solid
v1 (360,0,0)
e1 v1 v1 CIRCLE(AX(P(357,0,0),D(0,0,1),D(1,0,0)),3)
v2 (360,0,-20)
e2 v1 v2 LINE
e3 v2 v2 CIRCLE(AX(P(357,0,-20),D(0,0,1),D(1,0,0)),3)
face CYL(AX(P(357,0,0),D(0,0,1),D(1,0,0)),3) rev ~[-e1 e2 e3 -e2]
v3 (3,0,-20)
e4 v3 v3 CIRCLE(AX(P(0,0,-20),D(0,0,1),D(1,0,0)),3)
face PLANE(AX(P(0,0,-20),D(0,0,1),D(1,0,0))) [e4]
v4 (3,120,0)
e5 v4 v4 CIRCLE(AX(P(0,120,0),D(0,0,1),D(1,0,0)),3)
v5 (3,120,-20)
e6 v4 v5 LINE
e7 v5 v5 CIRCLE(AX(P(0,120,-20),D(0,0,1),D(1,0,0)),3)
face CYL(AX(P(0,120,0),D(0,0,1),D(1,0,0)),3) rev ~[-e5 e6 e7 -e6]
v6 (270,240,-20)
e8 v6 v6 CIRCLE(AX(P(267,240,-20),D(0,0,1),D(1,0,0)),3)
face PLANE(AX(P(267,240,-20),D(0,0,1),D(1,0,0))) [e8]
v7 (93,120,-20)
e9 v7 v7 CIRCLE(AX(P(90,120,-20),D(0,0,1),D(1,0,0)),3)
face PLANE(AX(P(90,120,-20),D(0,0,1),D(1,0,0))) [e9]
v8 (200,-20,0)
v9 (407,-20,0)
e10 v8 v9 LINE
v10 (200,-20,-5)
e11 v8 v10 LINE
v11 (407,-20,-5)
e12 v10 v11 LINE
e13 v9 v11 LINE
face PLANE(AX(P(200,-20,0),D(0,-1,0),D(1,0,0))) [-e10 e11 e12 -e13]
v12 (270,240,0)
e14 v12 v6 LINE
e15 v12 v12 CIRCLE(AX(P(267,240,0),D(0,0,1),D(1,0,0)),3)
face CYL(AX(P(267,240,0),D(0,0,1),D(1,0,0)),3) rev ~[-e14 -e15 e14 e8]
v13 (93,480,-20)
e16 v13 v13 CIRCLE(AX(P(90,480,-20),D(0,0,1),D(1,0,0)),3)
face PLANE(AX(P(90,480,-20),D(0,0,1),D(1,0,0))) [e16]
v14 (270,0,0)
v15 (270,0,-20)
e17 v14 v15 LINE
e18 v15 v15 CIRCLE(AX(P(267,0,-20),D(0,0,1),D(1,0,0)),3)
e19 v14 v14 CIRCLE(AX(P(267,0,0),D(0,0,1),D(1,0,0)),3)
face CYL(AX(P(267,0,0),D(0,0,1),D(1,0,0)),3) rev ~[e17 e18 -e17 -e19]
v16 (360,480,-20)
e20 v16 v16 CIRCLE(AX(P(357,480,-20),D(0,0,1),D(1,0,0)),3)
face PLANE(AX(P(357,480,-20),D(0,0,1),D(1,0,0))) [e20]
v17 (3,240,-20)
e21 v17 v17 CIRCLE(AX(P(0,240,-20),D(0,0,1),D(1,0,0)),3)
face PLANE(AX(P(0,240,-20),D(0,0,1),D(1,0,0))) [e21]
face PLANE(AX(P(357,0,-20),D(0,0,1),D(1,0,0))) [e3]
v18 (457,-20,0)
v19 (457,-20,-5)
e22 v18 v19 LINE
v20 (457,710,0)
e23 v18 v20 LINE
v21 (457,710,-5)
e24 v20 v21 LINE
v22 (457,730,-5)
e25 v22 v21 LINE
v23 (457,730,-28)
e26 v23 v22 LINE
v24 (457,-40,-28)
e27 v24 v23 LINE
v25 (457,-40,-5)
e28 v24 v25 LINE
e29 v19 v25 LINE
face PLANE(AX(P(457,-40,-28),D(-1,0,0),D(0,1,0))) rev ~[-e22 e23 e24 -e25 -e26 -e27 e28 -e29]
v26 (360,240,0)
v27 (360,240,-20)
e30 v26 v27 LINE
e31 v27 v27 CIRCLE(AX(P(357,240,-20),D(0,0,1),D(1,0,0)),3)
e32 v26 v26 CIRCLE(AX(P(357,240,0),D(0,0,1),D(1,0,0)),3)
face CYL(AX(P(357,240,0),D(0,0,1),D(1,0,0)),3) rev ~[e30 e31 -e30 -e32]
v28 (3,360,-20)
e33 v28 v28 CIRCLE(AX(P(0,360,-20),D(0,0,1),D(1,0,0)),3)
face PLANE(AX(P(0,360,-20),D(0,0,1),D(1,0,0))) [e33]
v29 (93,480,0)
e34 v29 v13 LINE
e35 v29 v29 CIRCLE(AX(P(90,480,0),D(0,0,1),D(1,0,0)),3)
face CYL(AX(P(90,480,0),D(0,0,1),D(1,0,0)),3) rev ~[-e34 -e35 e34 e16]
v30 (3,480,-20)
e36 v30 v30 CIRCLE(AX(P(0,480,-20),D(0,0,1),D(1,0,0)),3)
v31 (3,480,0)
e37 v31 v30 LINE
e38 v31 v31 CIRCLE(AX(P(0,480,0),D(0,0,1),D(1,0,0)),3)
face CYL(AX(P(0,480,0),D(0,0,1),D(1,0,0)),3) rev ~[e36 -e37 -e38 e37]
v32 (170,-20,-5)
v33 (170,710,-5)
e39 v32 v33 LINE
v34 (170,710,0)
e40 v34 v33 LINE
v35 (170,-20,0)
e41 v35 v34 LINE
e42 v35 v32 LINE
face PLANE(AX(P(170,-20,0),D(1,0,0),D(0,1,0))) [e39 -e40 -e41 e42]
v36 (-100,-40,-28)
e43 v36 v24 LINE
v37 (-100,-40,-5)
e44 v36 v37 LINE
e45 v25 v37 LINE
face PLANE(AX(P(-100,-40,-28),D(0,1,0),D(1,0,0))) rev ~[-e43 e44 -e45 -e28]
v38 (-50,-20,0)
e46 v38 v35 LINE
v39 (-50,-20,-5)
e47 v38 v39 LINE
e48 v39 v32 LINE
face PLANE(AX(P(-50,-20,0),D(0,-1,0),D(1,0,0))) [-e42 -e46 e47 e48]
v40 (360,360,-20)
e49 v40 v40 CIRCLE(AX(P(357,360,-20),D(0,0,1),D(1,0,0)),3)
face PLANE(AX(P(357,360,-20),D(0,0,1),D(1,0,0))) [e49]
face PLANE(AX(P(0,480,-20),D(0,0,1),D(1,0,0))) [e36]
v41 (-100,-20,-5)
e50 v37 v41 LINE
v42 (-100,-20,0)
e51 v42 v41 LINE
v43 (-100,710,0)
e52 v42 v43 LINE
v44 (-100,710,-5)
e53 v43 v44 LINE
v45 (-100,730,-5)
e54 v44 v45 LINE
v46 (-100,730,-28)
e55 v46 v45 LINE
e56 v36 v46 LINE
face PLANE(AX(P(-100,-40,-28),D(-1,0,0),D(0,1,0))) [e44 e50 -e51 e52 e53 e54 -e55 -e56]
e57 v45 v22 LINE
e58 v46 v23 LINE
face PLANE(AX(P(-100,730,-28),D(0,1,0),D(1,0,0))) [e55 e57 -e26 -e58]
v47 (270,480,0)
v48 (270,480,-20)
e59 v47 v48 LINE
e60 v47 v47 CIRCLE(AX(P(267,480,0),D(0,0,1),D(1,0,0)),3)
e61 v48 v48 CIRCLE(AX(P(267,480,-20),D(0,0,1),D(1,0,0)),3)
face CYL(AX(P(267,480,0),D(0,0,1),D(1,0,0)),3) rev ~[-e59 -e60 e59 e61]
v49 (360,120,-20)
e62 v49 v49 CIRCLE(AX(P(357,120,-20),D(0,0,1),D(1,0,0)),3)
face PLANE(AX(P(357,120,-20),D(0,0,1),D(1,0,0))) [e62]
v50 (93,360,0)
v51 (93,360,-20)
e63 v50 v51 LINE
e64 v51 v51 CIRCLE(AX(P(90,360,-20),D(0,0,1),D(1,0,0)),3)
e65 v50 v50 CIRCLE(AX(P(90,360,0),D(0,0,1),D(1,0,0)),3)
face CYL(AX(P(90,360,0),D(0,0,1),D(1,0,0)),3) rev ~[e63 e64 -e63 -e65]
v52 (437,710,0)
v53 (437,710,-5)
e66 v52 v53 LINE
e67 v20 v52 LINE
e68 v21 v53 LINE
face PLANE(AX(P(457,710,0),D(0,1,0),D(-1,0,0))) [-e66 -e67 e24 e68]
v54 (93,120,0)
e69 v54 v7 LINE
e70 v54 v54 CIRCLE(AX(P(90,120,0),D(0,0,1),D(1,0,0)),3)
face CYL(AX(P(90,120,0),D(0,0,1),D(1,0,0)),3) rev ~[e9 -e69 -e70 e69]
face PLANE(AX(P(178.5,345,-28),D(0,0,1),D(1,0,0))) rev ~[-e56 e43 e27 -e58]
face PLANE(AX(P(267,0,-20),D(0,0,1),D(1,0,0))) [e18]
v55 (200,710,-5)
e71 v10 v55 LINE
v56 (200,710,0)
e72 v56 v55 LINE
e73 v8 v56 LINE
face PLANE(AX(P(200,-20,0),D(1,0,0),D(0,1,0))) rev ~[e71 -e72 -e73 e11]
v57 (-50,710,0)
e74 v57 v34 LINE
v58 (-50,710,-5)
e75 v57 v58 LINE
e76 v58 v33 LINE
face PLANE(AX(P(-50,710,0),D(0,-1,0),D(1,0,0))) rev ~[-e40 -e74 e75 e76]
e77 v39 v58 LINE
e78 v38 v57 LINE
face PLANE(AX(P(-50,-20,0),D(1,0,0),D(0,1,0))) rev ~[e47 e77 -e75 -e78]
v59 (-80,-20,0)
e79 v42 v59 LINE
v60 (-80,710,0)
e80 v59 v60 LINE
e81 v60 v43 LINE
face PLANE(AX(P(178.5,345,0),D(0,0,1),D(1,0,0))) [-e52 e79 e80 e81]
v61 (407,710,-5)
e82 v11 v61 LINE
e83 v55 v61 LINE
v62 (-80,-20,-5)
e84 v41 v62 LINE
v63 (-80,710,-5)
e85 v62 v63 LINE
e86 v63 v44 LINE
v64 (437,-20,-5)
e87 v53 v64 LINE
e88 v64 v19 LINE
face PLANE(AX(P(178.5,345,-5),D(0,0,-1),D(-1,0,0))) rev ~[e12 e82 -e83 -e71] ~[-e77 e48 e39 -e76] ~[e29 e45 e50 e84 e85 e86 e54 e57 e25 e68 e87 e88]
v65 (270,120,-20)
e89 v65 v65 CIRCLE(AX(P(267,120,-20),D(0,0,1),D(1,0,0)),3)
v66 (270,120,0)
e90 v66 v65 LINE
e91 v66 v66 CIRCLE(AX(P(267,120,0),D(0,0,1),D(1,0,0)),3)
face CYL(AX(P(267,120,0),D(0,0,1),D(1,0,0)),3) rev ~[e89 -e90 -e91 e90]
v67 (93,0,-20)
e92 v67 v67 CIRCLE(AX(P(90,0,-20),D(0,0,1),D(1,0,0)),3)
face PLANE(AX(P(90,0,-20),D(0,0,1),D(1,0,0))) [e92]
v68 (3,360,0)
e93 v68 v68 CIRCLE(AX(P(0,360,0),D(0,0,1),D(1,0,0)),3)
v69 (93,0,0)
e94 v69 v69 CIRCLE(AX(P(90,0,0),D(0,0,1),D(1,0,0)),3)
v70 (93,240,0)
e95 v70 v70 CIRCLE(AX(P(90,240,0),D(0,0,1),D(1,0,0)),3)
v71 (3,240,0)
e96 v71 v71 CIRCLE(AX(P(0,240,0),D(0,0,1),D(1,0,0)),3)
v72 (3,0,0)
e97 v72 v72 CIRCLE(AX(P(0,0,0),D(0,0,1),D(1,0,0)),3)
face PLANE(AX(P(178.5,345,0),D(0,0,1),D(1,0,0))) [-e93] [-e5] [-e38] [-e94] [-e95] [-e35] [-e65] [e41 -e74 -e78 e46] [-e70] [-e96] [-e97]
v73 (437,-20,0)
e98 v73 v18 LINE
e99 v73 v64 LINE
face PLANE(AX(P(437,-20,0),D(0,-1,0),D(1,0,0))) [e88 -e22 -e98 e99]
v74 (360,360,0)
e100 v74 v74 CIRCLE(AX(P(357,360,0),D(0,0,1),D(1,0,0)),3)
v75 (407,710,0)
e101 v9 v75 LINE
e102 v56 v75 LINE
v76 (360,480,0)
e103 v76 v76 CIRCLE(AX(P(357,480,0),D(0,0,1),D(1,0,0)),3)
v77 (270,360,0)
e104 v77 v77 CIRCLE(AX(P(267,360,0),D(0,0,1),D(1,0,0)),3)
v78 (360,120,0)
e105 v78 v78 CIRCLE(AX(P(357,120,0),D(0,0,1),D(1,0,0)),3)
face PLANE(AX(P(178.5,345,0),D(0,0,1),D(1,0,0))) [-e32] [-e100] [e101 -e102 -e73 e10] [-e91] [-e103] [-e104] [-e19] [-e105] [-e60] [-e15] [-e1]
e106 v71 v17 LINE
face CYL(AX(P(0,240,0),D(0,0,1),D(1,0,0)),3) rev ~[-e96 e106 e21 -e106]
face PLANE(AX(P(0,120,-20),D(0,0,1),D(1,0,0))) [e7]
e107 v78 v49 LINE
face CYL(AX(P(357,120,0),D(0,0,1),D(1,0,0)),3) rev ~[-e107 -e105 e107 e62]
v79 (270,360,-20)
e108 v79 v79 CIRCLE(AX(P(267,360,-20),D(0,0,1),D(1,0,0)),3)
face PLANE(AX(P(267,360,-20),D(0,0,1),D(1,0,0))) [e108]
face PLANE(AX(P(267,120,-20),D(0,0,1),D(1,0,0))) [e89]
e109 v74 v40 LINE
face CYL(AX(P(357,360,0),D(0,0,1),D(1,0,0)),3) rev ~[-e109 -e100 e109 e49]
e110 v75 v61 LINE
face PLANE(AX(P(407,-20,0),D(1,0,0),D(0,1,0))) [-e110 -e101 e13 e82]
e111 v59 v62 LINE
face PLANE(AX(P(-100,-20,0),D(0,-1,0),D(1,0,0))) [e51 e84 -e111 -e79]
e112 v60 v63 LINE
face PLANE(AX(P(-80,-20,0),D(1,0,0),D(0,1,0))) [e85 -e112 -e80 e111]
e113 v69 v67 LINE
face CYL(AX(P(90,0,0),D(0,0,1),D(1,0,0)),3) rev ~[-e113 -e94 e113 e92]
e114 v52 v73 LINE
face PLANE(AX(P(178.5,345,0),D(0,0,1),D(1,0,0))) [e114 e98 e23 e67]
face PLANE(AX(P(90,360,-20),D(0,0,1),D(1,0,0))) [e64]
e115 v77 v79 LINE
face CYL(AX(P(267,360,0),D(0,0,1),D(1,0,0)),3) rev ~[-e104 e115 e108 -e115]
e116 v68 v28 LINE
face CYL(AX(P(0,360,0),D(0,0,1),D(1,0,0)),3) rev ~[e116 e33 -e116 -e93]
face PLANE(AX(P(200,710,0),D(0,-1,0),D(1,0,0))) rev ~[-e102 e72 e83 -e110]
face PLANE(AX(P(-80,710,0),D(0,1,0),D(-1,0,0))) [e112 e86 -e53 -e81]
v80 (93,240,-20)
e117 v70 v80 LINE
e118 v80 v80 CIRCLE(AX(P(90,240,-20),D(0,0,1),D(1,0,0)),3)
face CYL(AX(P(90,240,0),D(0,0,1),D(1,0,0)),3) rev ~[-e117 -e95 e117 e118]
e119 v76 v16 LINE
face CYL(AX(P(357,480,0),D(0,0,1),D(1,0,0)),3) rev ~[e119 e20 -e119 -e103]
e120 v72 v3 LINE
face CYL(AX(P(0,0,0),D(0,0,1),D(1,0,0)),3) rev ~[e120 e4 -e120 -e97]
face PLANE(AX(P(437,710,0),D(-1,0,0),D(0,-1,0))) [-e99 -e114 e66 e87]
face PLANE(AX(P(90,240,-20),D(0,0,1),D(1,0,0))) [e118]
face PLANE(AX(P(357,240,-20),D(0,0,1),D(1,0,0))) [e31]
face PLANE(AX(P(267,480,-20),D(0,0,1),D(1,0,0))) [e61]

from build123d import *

# Parameters (mm, degrees)
SKETCH_W        = 557
SKETCH_H        = 770
PAD_DEPTH       = 28
SKETCH001_W     = 220
SKETCH001_H     = 730
SKETCH001_W_2   = 207
POCKET_DEPTH    = 5
SKETCH002_R     = 3
POCKET001_DEPTH = 20


with BuildPart() as part:
    # Sketch → Pad (new body)
    with BuildSketch(Plane.XY):
        with Locations((278.5, 385)):
            Rectangle(SKETCH_W, SKETCH_H)
    extrude(amount=PAD_DEPTH)

    # Sketch001 (on Face6 of Pad) → Pocket (cut)
    with BuildSketch(Plane.XY.offset(28)):
        Polygon((0, 770), (557, 770), (557, 750), (537, 750), (537, 20), (557, 20), (557, 0), (0, 0), (0, 20), (20, 20), (20, 750), (0, 750), align=None)
        with Locations((160, 385)):
            Rectangle(SKETCH001_W, SKETCH001_H, mode=Mode.SUBTRACT)
        with Locations((403.5, 385)):
            Rectangle(SKETCH001_W_2, SKETCH001_H, mode=Mode.SUBTRACT)
    extrude(amount=-POCKET_DEPTH, mode=Mode.SUBTRACT)

    # Sketch002 (on Face6 of Pad) → Pocket001 (cut)
    with BuildSketch(Plane.XY.offset(28)):
        with Locations((100, 40)):
            Circle(SKETCH002_R)
        with Locations((190, 40)):
            Circle(SKETCH002_R)
        with Locations((367, 40)):
            Circle(SKETCH002_R)
        with Locations((457, 40)):
            Circle(SKETCH002_R)
        with Locations((100, 160)):
            Circle(SKETCH002_R)
        with Locations((190, 160)):
            Circle(SKETCH002_R)
        with Locations((367, 160)):
            Circle(SKETCH002_R)
        with Locations((457, 160)):
            Circle(SKETCH002_R)
        with Locations((100, 280)):
            Circle(SKETCH002_R)
        with Locations((190, 280)):
            Circle(SKETCH002_R)
        with Locations((367, 280)):
            Circle(SKETCH002_R)
        with Locations((457, 280)):
            Circle(SKETCH002_R)
        with Locations((100, 400)):
            Circle(SKETCH002_R)
        with Locations((190, 400)):
            Circle(SKETCH002_R)
        with Locations((367, 400)):
            Circle(SKETCH002_R)
        with Locations((457, 400)):
            Circle(SKETCH002_R)
        with Locations((100, 520)):
            Circle(SKETCH002_R)
        with Locations((190, 520)):
            Circle(SKETCH002_R)
        with Locations((367, 520)):
            Circle(SKETCH002_R)
        with Locations((457, 520)):
            Circle(SKETCH002_R)
    extrude(amount=-POCKET001_DEPTH, mode=Mode.SUBTRACT)


with BuildPart() as part_1:
    # Clone placement: moved
    add(part.part.moved(Location((-100, -40, -28))))


solid = part_1.part
